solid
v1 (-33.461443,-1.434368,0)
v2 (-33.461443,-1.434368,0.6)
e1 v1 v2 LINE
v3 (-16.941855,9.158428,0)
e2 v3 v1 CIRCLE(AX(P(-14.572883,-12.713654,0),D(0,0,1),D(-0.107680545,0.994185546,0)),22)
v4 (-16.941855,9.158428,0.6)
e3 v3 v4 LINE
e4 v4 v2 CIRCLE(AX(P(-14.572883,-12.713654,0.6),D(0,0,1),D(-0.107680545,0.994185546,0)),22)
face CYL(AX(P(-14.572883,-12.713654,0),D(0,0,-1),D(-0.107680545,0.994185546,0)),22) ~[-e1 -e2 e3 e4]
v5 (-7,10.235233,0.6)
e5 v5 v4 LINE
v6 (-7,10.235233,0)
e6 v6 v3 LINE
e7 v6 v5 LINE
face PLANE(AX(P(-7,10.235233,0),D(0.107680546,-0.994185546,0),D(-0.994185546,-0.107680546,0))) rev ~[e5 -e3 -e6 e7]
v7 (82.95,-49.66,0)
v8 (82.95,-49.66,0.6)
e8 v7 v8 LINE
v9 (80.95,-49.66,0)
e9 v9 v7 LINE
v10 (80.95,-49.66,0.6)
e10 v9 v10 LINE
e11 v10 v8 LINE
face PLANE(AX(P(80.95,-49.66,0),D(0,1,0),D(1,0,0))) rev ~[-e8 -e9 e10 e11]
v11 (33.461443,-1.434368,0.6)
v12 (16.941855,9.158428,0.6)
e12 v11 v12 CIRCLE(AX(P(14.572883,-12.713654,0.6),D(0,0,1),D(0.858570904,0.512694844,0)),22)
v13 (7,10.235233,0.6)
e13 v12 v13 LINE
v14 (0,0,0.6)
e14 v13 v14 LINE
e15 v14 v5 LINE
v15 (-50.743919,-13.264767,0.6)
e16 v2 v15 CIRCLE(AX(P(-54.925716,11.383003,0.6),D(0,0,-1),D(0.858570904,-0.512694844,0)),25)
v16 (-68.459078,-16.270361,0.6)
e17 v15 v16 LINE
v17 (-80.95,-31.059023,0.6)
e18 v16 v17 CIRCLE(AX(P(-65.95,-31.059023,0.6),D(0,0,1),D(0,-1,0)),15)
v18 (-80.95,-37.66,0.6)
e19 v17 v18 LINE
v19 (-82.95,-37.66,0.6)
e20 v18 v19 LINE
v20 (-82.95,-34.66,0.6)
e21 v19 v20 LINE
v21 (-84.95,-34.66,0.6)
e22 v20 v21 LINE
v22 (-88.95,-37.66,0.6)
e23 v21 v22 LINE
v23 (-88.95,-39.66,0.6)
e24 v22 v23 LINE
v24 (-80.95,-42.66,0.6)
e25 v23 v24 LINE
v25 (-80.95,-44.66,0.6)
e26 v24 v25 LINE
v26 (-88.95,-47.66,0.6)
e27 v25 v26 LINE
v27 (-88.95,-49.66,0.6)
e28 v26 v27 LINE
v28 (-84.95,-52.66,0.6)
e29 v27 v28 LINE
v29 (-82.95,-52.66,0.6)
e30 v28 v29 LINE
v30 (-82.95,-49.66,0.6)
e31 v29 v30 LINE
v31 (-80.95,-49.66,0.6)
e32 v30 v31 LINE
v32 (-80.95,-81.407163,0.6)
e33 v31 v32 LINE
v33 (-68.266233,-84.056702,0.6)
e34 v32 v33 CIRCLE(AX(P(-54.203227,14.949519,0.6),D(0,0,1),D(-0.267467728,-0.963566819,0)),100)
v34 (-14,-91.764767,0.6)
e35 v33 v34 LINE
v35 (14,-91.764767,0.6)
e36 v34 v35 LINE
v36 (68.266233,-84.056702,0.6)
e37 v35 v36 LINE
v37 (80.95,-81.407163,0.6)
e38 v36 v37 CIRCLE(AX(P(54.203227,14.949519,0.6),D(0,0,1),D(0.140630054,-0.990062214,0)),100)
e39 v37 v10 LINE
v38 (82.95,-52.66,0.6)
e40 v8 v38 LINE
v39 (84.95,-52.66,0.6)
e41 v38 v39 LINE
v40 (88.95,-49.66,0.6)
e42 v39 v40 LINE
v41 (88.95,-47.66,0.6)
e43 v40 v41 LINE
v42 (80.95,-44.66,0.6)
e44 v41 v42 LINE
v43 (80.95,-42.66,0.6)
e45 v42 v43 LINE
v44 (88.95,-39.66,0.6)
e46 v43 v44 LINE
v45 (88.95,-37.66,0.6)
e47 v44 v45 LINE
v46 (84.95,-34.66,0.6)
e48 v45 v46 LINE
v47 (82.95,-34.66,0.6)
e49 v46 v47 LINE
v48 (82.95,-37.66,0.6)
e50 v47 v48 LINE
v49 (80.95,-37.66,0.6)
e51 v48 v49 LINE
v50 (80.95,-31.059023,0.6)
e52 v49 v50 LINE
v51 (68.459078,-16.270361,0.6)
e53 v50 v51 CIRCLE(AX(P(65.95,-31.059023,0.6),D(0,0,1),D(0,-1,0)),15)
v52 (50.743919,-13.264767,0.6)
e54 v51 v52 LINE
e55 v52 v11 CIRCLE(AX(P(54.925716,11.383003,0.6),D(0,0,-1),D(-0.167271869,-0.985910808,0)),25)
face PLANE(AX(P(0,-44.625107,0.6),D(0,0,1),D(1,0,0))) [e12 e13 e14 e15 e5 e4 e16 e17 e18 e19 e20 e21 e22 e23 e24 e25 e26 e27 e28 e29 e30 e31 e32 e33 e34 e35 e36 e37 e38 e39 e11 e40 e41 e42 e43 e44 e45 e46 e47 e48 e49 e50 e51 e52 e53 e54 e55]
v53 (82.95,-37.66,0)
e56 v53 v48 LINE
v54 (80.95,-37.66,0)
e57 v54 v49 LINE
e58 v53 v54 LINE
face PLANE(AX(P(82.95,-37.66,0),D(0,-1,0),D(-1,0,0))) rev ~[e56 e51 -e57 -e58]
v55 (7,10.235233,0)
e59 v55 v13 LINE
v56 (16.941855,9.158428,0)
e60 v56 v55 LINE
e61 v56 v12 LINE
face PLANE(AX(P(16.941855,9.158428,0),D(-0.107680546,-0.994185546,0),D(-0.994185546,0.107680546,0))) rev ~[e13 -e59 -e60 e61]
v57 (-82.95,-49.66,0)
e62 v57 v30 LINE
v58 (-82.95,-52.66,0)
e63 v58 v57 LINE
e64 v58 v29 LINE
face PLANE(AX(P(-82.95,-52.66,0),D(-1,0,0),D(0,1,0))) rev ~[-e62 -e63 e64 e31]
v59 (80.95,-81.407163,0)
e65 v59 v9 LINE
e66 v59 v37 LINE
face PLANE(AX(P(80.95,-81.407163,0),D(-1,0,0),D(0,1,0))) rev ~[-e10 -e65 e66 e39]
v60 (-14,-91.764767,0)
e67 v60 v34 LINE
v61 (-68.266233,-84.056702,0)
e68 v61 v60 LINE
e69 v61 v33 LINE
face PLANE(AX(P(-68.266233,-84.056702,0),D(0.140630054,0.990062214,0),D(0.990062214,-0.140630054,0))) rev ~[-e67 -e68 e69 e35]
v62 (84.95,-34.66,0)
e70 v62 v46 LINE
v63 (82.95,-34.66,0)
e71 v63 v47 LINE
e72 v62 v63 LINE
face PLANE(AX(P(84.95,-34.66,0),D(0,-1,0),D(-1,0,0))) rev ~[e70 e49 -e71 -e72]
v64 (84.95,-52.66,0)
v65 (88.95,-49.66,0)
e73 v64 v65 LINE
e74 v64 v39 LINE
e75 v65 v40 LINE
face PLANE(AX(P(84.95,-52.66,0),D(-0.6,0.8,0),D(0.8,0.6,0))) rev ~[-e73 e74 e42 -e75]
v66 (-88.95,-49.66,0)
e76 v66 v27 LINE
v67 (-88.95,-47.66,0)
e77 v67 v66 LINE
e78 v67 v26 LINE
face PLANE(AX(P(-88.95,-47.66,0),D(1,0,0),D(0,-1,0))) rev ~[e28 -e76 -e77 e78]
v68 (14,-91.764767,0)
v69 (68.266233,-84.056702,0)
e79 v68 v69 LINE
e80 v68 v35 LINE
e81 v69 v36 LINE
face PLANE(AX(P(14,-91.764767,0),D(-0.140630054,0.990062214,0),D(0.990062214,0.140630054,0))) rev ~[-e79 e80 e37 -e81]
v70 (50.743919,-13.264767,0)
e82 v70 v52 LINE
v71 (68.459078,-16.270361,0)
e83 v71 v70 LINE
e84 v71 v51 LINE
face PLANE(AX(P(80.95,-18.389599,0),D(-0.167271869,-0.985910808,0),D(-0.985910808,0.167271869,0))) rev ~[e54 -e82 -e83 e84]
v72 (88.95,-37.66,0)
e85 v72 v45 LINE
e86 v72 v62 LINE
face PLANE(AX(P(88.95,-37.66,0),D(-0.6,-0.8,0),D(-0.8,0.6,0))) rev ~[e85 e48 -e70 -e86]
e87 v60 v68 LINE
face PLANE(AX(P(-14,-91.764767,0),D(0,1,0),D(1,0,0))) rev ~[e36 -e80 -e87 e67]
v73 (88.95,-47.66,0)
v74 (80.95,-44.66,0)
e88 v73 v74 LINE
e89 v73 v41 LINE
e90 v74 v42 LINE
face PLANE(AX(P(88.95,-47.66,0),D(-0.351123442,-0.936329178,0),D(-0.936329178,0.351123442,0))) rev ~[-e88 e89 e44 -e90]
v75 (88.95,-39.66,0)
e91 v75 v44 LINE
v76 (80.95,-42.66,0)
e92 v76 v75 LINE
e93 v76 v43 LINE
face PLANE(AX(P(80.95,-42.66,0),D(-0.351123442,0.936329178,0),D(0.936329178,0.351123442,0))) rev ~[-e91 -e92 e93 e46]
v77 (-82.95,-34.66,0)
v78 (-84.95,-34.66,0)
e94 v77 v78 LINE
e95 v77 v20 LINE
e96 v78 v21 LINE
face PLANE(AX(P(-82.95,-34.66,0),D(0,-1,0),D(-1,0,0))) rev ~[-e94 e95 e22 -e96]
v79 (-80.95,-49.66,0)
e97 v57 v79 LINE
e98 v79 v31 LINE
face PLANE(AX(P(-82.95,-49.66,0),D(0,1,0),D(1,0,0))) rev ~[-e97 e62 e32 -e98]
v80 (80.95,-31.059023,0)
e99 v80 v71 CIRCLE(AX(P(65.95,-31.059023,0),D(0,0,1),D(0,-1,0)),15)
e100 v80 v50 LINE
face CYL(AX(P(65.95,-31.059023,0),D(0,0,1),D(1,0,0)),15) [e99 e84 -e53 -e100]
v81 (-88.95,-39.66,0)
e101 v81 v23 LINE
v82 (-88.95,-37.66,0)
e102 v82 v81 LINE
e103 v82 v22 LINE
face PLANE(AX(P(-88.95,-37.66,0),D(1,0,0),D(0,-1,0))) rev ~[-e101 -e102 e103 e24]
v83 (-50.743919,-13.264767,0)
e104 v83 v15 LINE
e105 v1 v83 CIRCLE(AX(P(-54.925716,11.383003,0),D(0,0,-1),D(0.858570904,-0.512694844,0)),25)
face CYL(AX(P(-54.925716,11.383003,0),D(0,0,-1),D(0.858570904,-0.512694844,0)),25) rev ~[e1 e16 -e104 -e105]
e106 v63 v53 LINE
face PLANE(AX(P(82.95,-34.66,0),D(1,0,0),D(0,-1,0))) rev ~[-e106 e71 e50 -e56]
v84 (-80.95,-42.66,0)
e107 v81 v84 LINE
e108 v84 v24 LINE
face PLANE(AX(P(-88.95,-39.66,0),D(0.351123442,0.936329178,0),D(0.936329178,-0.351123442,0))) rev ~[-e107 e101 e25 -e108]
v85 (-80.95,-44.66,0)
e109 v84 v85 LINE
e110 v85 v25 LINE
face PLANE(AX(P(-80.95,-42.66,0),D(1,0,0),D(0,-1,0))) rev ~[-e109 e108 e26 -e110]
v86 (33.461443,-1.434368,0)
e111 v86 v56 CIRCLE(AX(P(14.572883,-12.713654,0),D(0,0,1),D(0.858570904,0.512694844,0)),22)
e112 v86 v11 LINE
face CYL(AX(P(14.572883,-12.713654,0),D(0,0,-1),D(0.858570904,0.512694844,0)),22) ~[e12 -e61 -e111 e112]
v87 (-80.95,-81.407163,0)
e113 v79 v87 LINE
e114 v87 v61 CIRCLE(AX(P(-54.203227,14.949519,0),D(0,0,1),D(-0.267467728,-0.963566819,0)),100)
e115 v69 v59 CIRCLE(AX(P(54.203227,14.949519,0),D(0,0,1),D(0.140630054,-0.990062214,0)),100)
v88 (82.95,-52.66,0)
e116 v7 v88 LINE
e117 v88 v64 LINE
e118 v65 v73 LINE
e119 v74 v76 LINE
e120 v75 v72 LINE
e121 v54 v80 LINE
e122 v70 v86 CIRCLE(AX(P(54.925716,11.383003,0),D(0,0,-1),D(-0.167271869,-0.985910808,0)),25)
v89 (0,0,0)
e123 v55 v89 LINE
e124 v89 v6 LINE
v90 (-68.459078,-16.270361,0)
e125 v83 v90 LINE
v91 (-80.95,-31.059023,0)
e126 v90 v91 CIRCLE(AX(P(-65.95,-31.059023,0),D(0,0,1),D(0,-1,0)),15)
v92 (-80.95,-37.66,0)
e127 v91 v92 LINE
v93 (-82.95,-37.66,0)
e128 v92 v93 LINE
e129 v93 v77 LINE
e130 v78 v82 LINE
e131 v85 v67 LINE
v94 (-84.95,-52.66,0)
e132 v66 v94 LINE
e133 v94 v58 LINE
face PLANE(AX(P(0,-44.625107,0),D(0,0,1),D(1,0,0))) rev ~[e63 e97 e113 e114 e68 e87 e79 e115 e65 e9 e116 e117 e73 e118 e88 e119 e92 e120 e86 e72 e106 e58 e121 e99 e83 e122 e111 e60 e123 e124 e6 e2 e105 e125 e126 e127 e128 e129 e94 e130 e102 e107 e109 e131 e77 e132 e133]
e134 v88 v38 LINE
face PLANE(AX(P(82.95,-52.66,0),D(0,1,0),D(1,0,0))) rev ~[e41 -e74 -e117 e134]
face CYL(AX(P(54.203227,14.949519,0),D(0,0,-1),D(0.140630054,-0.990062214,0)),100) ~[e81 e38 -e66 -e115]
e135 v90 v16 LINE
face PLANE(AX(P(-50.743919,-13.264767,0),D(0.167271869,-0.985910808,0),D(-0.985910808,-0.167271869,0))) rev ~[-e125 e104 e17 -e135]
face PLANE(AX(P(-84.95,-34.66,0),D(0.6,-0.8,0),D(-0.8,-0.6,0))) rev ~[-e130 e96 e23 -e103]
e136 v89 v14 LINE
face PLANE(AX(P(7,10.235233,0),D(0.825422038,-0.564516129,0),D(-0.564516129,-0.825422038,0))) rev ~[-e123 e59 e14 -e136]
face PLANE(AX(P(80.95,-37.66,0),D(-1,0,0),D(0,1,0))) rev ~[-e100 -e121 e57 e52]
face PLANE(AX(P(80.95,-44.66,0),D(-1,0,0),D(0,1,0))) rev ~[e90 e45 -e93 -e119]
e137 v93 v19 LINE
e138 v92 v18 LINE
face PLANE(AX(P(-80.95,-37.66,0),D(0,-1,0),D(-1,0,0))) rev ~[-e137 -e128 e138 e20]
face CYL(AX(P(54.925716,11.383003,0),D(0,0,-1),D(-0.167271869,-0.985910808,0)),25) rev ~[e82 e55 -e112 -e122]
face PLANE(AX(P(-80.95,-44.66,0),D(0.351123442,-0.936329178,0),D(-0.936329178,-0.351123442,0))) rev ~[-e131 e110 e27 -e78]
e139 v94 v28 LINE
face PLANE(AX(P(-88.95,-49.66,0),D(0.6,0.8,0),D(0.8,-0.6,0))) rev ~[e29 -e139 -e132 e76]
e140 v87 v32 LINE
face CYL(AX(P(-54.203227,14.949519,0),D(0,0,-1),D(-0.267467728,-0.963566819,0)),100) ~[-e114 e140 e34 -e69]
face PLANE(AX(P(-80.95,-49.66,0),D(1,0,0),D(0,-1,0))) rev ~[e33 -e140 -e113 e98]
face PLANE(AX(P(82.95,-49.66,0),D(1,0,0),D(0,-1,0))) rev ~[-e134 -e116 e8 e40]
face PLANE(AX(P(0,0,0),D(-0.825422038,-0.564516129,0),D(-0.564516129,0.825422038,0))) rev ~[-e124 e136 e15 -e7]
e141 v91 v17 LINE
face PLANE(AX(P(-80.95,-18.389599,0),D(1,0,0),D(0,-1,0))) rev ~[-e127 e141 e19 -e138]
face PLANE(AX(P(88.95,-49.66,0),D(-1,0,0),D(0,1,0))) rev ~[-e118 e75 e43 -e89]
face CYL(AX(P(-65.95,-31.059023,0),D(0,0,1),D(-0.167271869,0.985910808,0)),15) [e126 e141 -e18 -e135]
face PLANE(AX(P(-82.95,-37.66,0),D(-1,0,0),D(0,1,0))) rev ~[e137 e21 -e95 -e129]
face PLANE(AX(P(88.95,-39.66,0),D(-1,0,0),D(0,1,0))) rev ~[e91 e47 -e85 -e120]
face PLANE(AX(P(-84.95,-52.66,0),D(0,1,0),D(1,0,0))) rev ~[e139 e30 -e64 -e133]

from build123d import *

# Parameters (mm, degrees)
MAIN_SHAPE_DEPTH = 0.6
FILLET1_R        = 15


with BuildPart() as part:
    # Sketch2 → Main Shape (new body)
    with BuildSketch(Plane.XY):
        with BuildLine():
            Line((-14, -91.764766734), (14, -91.764766734))
            Line((14, -91.764766734), (68.266232563, -84.05670244))
            ThreePointArc((68.266232563, -84.05670244), (74.651075824, -82.937586842), (80.95, -81.407162906))
            Line((80.95, -81.407162906), (80.95, -49.66))
            Line((80.95, -49.66), (82.95, -49.66))
            Line((82.95, -49.66), (82.95, -52.66))
            Line((82.95, -52.66), (84.95, -52.66))
            Line((84.95, -52.66), (88.95, -49.66))
            Line((88.95, -49.66), (88.95, -47.66))
            Line((88.95, -47.66), (80.95, -44.66))
            Line((80.95, -44.66), (80.95, -42.66))
            Line((80.95, -42.66), (88.95, -39.66))
            Line((88.95, -39.66), (88.95, -37.66))
            Line((88.95, -37.66), (84.95, -34.66))
            Line((84.95, -34.66), (82.95, -34.66))
            Line((82.95, -34.66), (82.95, -37.66))
            Line((82.95, -37.66), (80.95, -37.66))
            Line((80.95, -37.66), (80.95, -18.389599053))
            Line((80.95, -18.389599053), (50.74391922, -13.264766734))
            ThreePointArc((50.74391922, -13.264766734), (40.804108255, -9.246591688), (33.461443341, -1.434367632))
            ThreePointArc((33.461443341, -1.434367632), (26.448172688, 5.805997675), (16.941855461, 9.15842781))
            Line((16.941855461, 9.15842781), (7, 10.235233266))
            Line((7, 10.235233266), (0, 0))
            Line((0, 0), (-7, 10.235233266))
            Line((-7, 10.235233266), (-16.941855461, 9.15842781))
            ThreePointArc((-16.941855461, 9.15842781), (-26.448172688, 5.805997675), (-33.461443341, -1.434367632))
            ThreePointArc((-33.461443341, -1.434367632), (-40.804108255, -9.246591688), (-50.74391922, -13.264766734))
            Line((-50.74391922, -13.264766734), (-80.95, -18.389599053))
            Line((-80.95, -18.389599053), (-80.95, -37.66))
            Line((-80.95, -37.66), (-82.95, -37.66))
            Line((-82.95, -37.66), (-82.95, -34.66))
            Line((-82.95, -34.66), (-84.95, -34.66))
            Line((-84.95, -34.66), (-88.95, -37.66))
            Line((-88.95, -37.66), (-88.95, -39.66))
            Line((-88.95, -39.66), (-80.95, -42.66))
            Line((-80.95, -42.66), (-80.95, -44.66))
            Line((-80.95, -44.66), (-88.95, -47.66))
            Line((-88.95, -47.66), (-88.95, -49.66))
            Line((-88.95, -49.66), (-84.95, -52.66))
            Line((-84.95, -52.66), (-82.95, -52.66))
            Line((-82.95, -52.66), (-82.95, -49.66))
            Line((-82.95, -49.66), (-80.95, -49.66))
            Line((-80.95, -49.66), (-80.95, -81.407162906))
            ThreePointArc((-80.95, -81.407162906), (-74.651075824, -82.937586842), (-68.266232563, -84.05670244))
            Line((-68.266232563, -84.05670244), (-14, -91.764766734))
        make_face()
    extrude(amount=MAIN_SHAPE_DEPTH)

    # Fillet1
    fillet1_edges = [part.edges().sort_by_distance(p)[0] for p in [
        (80.95, -18.389599053, 0.3),
        (-80.95, -18.389599053, 0.3),
    ]]
    fillet(fillet1_edges, radius=FILLET1_R)


solid = part.part
